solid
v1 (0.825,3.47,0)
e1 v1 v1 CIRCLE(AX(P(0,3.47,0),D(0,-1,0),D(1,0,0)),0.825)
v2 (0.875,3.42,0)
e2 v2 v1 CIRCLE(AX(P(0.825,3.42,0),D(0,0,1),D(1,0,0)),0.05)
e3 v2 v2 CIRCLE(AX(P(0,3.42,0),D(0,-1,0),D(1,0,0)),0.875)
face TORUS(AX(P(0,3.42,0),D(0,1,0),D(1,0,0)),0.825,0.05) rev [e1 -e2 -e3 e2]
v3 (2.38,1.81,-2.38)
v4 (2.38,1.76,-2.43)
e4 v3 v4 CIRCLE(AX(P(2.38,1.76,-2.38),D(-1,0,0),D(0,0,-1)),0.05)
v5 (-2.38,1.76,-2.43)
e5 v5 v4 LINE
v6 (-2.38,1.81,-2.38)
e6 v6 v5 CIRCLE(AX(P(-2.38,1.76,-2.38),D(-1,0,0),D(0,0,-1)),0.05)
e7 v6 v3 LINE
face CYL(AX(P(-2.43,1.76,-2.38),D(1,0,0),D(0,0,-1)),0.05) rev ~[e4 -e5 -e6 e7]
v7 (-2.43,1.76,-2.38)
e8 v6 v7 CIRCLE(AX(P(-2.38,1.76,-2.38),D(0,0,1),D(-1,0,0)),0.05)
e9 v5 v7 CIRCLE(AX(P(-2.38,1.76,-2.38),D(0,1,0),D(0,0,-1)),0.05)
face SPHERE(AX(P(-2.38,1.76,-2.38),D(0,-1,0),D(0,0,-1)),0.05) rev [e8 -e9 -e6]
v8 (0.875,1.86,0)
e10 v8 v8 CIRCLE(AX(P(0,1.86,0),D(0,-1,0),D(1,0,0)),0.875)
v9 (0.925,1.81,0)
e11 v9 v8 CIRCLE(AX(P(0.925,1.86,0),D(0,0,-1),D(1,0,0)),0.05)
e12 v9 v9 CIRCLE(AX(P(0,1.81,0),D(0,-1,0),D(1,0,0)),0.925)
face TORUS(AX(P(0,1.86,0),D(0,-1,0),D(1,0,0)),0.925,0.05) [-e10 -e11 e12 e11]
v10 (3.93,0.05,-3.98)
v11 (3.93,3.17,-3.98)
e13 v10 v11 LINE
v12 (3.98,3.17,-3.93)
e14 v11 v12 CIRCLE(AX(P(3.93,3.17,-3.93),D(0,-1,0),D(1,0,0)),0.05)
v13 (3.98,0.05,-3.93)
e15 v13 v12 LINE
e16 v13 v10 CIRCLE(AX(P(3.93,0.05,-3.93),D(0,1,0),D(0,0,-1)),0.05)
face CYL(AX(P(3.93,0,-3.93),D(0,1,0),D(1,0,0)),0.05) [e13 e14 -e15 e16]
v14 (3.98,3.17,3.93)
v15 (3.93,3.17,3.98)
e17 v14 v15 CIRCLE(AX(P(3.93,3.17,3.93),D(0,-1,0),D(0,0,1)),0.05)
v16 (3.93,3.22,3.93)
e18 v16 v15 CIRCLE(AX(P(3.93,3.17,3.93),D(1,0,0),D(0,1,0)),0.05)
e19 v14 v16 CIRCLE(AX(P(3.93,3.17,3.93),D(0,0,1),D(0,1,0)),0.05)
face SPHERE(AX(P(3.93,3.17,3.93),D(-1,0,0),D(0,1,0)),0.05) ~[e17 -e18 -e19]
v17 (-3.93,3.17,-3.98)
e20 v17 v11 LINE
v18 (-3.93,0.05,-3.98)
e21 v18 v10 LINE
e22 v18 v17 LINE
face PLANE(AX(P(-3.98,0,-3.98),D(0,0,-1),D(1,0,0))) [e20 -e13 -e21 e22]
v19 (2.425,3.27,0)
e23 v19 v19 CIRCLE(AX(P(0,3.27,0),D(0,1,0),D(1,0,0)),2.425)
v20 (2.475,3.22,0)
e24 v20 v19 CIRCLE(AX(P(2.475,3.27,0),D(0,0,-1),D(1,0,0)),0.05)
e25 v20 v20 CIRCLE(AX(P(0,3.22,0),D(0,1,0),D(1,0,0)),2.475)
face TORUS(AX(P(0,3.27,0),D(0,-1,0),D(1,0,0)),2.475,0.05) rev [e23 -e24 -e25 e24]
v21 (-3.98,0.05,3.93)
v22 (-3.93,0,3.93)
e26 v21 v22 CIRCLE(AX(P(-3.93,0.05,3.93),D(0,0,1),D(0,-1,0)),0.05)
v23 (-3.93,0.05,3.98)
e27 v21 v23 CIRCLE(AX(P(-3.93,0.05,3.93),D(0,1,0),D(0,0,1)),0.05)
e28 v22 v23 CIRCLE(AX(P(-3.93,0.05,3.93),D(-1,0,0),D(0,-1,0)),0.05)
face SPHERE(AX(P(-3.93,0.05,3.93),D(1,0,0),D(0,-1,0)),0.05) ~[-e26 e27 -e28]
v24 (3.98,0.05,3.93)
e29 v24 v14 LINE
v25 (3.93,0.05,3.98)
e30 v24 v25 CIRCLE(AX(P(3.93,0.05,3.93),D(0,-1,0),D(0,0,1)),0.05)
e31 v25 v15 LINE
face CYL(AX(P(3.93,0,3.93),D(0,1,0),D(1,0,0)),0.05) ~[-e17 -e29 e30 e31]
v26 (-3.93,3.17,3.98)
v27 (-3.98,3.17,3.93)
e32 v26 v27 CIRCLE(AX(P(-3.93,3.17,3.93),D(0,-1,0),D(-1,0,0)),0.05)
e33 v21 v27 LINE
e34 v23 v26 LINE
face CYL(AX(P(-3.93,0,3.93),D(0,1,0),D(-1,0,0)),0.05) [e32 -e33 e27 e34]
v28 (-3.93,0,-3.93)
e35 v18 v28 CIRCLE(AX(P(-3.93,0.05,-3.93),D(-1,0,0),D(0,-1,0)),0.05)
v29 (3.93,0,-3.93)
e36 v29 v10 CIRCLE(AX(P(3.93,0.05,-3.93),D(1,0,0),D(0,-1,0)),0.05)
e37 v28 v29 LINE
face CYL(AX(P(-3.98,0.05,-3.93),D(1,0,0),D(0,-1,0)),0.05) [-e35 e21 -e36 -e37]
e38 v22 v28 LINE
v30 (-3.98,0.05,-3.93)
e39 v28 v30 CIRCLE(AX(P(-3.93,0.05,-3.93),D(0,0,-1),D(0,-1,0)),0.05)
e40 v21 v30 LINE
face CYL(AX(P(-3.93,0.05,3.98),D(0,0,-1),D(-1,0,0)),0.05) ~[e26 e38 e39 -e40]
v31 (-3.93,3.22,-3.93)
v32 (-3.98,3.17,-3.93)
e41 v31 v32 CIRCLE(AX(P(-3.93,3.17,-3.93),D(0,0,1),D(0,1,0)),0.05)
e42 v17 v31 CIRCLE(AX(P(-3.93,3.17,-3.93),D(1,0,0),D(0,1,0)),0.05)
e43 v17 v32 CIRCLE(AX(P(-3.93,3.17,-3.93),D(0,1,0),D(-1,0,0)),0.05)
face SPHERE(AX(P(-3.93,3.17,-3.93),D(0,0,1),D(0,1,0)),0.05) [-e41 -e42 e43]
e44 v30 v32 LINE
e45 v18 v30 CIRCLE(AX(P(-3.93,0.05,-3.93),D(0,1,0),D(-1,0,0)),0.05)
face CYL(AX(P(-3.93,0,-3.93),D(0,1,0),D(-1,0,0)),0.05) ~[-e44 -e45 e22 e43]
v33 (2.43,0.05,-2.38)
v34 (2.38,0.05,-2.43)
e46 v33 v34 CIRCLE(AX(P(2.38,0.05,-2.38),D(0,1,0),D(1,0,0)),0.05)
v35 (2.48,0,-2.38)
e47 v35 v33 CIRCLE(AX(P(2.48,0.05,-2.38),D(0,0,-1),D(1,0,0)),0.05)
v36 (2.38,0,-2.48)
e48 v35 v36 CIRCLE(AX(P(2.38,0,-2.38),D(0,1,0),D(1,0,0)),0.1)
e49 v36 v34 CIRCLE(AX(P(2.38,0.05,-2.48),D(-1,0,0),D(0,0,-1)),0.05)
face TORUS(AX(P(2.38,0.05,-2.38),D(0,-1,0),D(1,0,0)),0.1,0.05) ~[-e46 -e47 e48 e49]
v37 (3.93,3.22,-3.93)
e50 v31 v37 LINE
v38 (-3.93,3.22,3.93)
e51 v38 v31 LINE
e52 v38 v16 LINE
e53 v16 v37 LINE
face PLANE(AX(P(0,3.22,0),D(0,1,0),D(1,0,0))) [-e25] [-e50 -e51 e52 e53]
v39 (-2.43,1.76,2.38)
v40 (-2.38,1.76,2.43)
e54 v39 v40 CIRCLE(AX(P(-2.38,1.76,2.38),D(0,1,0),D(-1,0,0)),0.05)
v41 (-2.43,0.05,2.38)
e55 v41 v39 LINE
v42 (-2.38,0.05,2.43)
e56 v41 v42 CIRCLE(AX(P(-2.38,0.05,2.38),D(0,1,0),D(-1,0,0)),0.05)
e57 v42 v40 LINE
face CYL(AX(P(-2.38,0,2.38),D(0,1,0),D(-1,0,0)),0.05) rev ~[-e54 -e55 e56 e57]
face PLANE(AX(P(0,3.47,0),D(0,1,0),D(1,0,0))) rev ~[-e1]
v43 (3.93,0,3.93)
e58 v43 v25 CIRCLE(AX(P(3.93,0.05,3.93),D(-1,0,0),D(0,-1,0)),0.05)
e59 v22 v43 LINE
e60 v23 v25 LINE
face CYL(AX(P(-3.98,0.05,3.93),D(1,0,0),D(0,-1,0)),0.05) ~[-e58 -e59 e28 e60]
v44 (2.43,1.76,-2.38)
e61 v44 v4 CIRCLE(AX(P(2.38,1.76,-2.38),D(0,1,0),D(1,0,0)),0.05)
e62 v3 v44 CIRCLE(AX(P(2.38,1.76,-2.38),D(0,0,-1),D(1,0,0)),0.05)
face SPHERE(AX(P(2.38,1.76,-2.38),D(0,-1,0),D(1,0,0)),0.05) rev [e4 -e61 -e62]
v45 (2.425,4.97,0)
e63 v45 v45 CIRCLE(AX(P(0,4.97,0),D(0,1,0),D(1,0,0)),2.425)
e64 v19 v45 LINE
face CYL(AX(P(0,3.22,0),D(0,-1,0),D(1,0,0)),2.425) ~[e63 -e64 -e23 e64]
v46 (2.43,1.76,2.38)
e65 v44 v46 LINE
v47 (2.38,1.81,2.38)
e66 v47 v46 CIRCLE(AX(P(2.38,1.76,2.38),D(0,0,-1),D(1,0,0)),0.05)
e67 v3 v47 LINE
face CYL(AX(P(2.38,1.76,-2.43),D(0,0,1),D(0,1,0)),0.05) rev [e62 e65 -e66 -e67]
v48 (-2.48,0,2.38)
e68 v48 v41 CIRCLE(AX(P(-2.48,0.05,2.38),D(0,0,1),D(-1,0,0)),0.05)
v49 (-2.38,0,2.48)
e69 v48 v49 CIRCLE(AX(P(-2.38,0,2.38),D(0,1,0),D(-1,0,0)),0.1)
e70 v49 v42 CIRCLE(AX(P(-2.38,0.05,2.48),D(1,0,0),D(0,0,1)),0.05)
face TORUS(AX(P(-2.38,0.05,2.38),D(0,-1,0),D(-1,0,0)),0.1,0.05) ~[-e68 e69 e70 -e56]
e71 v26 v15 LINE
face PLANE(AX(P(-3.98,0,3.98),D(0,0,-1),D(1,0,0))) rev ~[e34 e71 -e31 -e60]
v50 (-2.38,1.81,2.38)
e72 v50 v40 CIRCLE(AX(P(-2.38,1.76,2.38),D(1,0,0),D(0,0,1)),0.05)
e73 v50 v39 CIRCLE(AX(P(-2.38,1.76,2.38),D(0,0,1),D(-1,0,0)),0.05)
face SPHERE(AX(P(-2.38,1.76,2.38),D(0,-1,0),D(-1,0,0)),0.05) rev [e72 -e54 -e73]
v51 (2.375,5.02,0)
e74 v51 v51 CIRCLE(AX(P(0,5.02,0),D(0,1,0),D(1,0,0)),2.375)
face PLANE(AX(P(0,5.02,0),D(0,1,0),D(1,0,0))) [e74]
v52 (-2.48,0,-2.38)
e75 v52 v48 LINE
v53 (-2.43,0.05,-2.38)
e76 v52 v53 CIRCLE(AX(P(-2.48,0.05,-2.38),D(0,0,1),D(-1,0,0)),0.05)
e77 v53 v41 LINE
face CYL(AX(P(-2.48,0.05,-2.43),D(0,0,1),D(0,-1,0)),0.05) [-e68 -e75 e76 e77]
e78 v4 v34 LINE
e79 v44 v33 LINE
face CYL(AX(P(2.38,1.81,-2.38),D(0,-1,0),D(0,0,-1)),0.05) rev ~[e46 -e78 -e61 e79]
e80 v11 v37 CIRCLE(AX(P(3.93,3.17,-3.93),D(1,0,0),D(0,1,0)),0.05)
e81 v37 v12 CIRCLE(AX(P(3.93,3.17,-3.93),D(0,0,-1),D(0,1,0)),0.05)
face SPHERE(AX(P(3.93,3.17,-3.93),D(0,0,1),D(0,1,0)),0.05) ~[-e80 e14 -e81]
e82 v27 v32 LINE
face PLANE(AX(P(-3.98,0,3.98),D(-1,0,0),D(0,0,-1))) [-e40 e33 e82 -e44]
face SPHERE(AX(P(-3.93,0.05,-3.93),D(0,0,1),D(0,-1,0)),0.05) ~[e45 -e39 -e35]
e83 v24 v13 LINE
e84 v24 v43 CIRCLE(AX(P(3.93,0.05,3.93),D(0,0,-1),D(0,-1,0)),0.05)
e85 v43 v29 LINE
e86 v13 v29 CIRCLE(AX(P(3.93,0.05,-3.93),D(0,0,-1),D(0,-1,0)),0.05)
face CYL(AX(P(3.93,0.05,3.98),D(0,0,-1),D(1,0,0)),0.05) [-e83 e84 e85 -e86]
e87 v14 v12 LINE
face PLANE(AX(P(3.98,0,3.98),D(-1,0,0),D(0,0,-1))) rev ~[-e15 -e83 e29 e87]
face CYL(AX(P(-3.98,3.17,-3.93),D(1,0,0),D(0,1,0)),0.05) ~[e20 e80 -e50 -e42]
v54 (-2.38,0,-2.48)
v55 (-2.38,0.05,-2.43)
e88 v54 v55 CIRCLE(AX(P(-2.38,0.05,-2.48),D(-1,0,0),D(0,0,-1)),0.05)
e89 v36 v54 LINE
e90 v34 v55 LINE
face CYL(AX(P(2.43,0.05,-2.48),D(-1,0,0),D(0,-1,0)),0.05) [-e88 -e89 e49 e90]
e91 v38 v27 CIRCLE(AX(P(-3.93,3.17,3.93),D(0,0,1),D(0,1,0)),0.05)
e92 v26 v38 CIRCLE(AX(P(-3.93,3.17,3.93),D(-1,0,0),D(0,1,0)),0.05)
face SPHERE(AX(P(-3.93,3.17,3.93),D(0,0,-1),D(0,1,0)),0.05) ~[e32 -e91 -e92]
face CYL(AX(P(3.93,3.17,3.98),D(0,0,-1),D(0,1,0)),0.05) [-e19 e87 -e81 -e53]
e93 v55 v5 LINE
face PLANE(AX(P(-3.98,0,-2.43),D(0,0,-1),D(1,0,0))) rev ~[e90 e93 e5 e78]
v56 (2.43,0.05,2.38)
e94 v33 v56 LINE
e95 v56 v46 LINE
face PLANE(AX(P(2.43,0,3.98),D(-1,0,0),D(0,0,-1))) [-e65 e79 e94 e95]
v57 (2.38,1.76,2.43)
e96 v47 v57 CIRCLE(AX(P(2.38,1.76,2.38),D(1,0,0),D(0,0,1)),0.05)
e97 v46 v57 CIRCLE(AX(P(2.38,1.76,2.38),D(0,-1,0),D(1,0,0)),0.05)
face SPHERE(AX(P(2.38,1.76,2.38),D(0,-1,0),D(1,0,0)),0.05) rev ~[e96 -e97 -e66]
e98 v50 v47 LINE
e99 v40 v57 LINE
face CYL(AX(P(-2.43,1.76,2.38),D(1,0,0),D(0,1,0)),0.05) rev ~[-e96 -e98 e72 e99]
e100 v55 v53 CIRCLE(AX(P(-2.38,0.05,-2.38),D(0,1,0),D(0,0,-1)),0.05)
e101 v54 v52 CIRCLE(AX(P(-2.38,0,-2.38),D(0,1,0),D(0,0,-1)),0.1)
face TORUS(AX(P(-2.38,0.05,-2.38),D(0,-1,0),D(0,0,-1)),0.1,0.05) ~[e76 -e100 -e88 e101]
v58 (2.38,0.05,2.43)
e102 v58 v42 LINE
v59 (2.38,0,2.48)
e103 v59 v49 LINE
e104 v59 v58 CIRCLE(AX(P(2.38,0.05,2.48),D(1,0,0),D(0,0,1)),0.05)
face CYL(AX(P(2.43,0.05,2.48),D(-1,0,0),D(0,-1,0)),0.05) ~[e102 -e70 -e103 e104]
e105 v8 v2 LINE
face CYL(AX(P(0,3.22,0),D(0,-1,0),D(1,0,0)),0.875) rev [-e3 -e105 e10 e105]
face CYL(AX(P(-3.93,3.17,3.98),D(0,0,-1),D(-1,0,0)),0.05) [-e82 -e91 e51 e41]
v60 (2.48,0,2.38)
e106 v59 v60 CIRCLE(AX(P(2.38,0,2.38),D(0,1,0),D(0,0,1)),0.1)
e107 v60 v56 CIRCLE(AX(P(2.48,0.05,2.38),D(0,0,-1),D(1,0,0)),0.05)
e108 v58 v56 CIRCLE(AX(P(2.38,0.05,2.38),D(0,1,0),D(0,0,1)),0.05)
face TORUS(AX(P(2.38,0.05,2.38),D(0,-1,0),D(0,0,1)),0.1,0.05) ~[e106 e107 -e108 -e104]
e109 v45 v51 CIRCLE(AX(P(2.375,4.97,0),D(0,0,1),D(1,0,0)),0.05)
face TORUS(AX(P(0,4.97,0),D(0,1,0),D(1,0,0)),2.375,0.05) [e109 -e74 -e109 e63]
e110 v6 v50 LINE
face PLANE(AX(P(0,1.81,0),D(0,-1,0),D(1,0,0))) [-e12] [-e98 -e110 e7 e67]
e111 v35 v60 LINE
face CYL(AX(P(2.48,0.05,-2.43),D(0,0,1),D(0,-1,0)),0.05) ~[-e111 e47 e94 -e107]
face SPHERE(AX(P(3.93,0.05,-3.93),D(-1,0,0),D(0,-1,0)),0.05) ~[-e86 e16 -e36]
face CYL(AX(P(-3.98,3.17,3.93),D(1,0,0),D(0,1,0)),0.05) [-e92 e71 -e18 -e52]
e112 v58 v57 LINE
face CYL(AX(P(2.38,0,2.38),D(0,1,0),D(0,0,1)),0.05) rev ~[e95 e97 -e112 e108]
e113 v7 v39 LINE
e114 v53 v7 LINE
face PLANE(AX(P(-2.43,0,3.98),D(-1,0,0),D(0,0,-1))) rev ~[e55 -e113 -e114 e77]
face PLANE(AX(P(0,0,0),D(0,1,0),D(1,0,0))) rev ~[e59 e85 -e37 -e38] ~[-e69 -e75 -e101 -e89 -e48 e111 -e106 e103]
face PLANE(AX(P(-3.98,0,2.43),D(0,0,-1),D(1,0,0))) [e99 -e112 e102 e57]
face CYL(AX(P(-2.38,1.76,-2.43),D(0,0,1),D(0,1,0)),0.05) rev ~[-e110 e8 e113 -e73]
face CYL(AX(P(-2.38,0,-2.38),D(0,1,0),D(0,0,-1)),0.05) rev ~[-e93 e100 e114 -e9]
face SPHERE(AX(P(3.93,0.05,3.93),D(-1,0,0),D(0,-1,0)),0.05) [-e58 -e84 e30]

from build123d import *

# Parameters (mm, degrees)
SKETCH1_W      = 7.96
SKETCH1_H      = 7.96
EXTRUDE1_DEPTH = 3.22
SKETCH2_R      = 2.425
EXTRUDE2_DEPTH = 1.8
SHELL1_T       = -1.55
SKETCH3_W      = 4.86
SKETCH3_H      = 4.86
EXTRUDE3_DEPTH = 0.14
FILLET1_R      = 0.05


with BuildPart() as part:
    # Sketch1 → Extrude1 (new body)
    with BuildSketch(Plane(origin=(0, 0, 0), x_dir=(1, 0, 0), z_dir=(0, 1, 0))):
        Rectangle(SKETCH1_W, SKETCH1_H)
    extrude(amount=EXTRUDE1_DEPTH)

    # Sketch2 → Extrude2 (add)
    with BuildSketch(Plane(origin=(0, 3.22, 0), x_dir=(1, 0, 0), z_dir=(0, 1, 0))):
        Circle(SKETCH2_R)
    extrude(amount=EXTRUDE2_DEPTH)

    # Shell1
    shell1_openings = [part.faces().sort_by_distance(p)[0] for p in [
        (0, 0, 0),
    ]]
    offset(amount=SHELL1_T, openings=shell1_openings, kind=Kind.INTERSECTION)

    # Sketch3 → Extrude3 (cut)
    with BuildSketch(Plane.XZ.offset(-1.67)):
        Rectangle(SKETCH3_W, SKETCH3_H)
    extrude(amount=-EXTRUDE3_DEPTH, mode=Mode.SUBTRACT)

    # Fillet1
    fillet1_edges = [part.edges().sort_by_distance(p)[0] for p in [
        (-3.98, 3.22, 0),
        (0, 3.22, 3.98),
        (-2.425, 3.22, 0),
        (-2.425, 5.02, 0),
        (2.43, 0, 0),
        (2.43, 0.905, 2.43),
        (0, 0, -2.43),
        (2.43, 0.905, -2.43),
        (-2.43, 0, 0),
        (-2.43, 0.905, -2.43),
        (0, 0, 2.43),
        (-2.43, 0.905, 2.43),
        (-0.875, 3.47, 0),
        (-0.875, 1.81, 0),
        (2.43, 1.81, 0),
        (0, 1.81, -2.43),
        (-2.43, 1.81, 0),
        (0, 1.81, 2.43),
        (3.98, 3.22, 0),
        (0, 0, 3.98),
        (-3.98, 0, 0),
        (0, 0, -3.98),
        (3.98, 0, 0),
        (0, 3.22, -3.98),
        (3.98, 1.61, 3.98),
        (-3.98, 1.61, 3.98),
        (-3.98, 1.61, -3.98),
        (3.98, 1.61, -3.98),
    ]]
    fillet(fillet1_edges, radius=FILLET1_R)


solid = part.part
